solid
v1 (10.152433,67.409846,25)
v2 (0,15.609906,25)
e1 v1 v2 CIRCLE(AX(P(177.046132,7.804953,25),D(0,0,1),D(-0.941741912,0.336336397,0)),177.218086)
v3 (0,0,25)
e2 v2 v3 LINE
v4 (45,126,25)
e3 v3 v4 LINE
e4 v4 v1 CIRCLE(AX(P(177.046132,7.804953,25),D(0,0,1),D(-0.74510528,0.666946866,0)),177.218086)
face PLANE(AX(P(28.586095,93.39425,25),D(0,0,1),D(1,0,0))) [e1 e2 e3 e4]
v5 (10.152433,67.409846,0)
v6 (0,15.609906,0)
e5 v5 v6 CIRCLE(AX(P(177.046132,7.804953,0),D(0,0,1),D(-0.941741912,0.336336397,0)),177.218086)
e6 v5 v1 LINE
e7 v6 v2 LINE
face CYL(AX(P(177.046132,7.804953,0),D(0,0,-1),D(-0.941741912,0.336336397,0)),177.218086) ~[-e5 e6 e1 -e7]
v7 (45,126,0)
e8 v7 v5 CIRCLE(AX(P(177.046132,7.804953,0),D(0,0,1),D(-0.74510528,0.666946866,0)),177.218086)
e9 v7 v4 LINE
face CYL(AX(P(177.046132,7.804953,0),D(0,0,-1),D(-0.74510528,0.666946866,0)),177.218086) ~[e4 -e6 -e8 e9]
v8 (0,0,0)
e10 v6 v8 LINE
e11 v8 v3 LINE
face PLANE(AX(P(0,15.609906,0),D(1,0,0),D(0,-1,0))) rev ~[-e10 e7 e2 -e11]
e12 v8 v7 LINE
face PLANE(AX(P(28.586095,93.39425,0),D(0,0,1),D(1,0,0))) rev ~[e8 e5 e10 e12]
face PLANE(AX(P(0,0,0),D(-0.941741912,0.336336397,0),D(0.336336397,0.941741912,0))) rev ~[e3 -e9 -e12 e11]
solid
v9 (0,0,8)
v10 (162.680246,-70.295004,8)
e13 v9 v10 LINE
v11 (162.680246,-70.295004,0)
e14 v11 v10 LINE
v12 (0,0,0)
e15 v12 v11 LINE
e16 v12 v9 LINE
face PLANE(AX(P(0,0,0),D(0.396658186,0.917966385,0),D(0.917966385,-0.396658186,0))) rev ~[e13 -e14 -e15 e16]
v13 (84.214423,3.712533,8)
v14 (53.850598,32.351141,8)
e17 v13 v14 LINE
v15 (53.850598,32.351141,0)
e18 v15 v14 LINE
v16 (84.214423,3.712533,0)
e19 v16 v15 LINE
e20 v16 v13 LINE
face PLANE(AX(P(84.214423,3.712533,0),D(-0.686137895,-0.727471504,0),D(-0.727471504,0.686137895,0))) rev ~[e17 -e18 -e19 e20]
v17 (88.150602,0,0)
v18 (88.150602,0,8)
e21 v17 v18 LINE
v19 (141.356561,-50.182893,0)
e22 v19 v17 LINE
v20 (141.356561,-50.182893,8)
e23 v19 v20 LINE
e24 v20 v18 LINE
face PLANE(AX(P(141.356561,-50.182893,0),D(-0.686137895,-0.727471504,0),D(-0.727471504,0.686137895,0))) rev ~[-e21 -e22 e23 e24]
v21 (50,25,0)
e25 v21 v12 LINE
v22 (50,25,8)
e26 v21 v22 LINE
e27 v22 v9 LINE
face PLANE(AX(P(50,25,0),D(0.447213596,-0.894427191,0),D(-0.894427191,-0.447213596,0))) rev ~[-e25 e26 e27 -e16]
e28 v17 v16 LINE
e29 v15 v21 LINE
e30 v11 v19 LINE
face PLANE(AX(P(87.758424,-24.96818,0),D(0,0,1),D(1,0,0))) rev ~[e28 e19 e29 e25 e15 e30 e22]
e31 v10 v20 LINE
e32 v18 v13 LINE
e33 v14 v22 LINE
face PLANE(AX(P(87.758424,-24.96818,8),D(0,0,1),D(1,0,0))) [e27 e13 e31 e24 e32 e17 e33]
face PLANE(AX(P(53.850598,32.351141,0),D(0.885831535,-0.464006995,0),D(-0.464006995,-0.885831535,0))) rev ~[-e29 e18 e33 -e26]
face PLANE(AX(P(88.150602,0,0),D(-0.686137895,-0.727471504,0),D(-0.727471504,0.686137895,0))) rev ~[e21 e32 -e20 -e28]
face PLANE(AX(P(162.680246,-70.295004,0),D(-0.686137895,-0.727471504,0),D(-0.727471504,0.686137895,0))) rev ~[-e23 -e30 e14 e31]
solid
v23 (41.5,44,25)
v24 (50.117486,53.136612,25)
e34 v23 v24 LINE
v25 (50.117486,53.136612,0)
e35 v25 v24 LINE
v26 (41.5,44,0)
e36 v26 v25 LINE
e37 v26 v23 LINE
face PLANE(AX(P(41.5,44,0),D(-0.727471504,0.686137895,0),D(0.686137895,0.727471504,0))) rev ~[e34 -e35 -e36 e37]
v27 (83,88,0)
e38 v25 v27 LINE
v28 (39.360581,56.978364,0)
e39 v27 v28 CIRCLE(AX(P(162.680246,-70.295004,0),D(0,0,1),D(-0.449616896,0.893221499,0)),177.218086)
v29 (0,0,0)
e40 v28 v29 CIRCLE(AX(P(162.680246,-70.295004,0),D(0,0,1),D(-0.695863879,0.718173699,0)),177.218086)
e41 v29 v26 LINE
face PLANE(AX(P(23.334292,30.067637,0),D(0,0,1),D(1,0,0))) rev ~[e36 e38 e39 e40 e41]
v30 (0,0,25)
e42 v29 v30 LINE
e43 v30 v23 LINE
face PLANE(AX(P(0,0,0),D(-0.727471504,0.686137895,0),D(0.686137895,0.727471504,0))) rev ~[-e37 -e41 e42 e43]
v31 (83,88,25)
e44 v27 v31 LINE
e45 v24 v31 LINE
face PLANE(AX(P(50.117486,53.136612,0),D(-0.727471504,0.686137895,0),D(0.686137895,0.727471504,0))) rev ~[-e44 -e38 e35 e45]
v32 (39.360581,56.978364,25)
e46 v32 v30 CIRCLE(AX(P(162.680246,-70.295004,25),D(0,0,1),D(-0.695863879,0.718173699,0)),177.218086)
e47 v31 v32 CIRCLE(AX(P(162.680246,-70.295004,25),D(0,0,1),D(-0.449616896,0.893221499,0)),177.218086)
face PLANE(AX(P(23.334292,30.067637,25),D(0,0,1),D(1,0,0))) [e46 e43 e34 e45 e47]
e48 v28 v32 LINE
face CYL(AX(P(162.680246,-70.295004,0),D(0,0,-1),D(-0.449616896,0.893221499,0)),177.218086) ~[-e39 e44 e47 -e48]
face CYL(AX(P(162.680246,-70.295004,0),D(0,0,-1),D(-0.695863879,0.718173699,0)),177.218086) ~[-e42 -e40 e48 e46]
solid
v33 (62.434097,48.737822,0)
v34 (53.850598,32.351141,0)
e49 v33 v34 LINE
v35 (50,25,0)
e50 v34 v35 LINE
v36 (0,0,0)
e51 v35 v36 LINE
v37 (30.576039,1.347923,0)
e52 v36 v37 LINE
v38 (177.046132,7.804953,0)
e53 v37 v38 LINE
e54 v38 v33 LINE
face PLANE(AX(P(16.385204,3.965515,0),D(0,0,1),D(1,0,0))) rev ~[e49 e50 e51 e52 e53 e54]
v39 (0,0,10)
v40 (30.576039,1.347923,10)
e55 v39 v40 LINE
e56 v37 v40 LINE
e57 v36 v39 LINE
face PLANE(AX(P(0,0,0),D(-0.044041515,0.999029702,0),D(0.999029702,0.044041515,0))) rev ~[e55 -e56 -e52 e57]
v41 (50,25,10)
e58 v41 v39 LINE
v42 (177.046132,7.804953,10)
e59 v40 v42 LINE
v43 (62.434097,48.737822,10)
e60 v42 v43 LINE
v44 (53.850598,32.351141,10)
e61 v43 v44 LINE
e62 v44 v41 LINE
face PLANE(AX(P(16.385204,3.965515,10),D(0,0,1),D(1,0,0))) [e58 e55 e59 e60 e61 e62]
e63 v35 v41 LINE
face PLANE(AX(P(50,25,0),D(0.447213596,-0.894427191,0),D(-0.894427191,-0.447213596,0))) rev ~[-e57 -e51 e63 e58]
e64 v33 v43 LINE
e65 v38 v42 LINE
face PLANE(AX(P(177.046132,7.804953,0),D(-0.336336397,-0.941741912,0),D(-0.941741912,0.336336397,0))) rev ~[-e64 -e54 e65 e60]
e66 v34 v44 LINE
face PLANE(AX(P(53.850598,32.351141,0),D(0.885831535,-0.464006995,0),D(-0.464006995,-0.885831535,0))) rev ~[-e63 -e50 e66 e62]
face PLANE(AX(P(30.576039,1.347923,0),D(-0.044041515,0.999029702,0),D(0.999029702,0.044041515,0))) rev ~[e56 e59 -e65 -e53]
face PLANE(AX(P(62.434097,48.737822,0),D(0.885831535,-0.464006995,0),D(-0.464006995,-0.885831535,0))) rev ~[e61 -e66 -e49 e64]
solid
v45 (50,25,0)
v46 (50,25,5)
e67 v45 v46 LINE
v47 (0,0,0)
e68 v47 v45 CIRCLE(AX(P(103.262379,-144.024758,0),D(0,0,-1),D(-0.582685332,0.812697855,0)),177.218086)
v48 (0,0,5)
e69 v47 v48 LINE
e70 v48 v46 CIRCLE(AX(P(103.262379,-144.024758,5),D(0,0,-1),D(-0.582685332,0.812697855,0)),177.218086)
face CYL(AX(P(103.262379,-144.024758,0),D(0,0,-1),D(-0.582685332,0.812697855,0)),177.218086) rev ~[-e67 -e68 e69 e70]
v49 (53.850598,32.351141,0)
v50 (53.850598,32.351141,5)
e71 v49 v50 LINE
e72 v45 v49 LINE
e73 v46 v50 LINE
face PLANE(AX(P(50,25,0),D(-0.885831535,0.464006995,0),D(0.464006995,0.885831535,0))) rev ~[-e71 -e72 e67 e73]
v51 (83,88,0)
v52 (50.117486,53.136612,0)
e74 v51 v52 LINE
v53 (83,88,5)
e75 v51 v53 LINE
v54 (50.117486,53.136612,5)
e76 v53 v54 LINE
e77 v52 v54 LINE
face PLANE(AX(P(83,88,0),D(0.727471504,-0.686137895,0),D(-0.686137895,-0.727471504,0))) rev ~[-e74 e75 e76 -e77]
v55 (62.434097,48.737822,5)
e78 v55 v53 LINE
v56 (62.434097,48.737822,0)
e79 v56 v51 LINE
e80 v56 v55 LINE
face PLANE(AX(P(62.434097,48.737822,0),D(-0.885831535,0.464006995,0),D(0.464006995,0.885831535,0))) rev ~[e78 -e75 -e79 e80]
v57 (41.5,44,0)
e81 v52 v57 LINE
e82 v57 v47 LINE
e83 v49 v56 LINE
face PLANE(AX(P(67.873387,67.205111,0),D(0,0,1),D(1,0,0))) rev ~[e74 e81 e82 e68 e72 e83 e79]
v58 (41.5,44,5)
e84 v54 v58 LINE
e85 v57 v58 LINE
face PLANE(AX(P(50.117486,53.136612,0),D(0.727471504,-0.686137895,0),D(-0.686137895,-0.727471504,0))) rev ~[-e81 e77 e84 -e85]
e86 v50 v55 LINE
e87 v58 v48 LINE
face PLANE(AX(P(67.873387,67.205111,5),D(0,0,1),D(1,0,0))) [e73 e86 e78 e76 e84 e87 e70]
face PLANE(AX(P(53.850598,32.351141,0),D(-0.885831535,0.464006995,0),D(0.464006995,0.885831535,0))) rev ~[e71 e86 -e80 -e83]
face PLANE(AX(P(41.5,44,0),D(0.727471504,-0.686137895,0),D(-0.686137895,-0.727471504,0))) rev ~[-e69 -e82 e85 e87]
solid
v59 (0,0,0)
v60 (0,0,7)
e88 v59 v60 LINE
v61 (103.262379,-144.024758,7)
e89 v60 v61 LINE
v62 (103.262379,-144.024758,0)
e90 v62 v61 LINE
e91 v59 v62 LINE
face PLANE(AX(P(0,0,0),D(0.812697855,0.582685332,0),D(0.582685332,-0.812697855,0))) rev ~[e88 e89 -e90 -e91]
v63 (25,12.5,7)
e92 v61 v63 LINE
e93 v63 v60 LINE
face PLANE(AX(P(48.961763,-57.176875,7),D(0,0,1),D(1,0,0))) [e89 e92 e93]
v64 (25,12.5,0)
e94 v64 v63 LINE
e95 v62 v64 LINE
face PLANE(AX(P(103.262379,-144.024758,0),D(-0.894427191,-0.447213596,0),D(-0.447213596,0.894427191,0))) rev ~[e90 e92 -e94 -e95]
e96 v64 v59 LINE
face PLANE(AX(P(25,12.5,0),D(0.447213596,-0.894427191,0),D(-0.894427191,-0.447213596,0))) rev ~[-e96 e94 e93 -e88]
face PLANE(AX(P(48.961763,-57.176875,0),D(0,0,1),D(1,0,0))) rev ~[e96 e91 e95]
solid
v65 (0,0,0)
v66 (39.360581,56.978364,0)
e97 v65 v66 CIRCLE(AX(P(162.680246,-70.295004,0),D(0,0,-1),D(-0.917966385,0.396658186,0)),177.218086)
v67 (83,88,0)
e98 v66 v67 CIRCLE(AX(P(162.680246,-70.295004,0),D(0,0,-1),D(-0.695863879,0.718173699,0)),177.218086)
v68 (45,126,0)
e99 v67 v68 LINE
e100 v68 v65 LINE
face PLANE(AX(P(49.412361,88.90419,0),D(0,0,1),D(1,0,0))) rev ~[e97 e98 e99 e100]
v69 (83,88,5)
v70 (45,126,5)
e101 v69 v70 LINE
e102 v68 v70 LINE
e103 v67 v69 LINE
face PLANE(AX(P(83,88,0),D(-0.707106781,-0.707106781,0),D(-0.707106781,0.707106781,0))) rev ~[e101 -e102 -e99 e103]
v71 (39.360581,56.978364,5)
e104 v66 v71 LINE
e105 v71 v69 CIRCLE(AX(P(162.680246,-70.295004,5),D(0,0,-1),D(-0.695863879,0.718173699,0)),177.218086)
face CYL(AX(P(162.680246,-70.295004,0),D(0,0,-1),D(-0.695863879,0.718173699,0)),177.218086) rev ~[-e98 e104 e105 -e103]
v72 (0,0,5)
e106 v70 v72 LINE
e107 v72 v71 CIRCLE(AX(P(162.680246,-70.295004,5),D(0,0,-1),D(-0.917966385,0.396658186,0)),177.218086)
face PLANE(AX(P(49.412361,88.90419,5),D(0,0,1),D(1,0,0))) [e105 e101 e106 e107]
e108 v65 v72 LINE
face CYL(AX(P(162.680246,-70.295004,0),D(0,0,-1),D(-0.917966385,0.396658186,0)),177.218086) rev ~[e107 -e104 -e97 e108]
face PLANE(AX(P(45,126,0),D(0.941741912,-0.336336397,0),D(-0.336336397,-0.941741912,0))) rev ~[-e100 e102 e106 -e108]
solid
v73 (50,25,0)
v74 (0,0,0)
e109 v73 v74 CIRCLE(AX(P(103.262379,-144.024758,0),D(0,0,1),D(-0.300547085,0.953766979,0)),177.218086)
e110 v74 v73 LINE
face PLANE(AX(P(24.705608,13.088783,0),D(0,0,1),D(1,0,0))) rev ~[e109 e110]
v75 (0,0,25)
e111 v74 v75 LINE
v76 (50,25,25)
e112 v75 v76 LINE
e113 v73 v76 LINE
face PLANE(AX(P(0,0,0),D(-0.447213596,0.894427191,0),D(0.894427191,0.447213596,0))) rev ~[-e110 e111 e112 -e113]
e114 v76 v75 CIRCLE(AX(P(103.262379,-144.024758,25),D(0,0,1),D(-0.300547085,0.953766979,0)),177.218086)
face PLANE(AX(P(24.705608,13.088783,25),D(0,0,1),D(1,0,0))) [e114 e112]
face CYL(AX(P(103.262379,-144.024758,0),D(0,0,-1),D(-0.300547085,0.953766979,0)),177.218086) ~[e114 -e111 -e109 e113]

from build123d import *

# Parameters (mm, degrees)
F1_DEPTH = 25
F2_DEPTH = 5
F3_DEPTH = 5
F4_DEPTH = 7
F5_DEPTH = 8
F6_DEPTH = 10


with BuildPart() as f1:
    # F0 (on Top) → F1 (new body)
    with BuildSketch(Plane.XY):
        with BuildLine():
            Line((10.152432519, 67.4098455289), (22.5, 63))
            Line((22.5, 63), (45, 126))
            ThreePointArc((45, 126), (24.7324515111, 98.3963039336), (10.152432519, 67.4098455289))
        make_face()
        with BuildLine():
            Line((0, 15.609906012), (0, 0))
            Line((0, 0), (22.5, 63))
            Line((22.5, 63), (10.152432519, 67.4098455289))
            ThreePointArc((10.152432519, 67.4098455289), (3.1367867799, 41.8899906336), (0, 15.609906012))
        make_face()
    extrude(amount=F1_DEPTH)


with BuildPart() as f1b:
    # F0 (on Top) → F1, piece 2 (new body)
    with BuildSketch(Plane.XY):
        with BuildLine():
            ThreePointArc((39.3605810321, 56.9783639171), (16.8700242777, 30.4305102872), (0, 0))
            Line((0, 0), (41.5, 44))
            Line((41.5, 44), (50.1174863388, 53.1366120219))
            Line((50.1174863388, 53.1366120219), (39.3605810321, 56.9783639171))
        make_face()
        with BuildLine():
            Line((50.1174863388, 53.1366120219), (83, 88))
            ThreePointArc((83, 88), (60.0019793598, 74.1467610135), (39.3605810321, 56.9783639171))
            Line((39.3605810321, 56.9783639171), (50.1174863388, 53.1366120219))
        make_face()
    extrude(amount=F1_DEPTH)


with BuildPart() as f1c:
    # F0 (on Top) → F1, piece 3 (new body)
    with BuildSketch(Plane.XY):
        with BuildLine():
            ThreePointArc((50, 25), (24.0080417918, 14.4839164165), (0, 0))
            Line((0, 0), (25, 12.5))
            Line((25, 12.5), (50, 25))
        make_face()
    extrude(amount=F1_DEPTH)


with BuildPart() as f2:
    # F0 (on Top) → F2 (new body)
    with BuildSketch(Plane.XY):
        with BuildLine():
            ThreePointArc((39.3605810321, 56.9783639171), (60.0019793598, 74.1467610135), (83, 88))
            Line((83, 88), (45, 126))
            Line((45, 126), (22.5, 63))
            Line((22.5, 63), (39.3605810321, 56.9783639171))
        make_face()
        with BuildLine():
            Line((22.5, 63), (0, 0))
            ThreePointArc((0, 0), (16.8700242777, 30.4305102872), (39.3605810321, 56.9783639171))
            Line((39.3605810321, 56.9783639171), (22.5, 63))
        make_face()
    extrude(amount=F2_DEPTH)


with BuildPart() as f3:
    # F0 (on Top) → F3 (new body)
    with BuildSketch(Plane.XY):
        Polygon((50.1174863388, 53.1366120219), (62.4340974212, 48.7378223496), (83, 88), align=None)
        Polygon((53.8505976096, 32.351140891), (62.4340974212, 48.7378223496), (50.1174863388, 53.1366120219), (41.5, 44), align=None)
        with BuildLine():
            Line((50, 25), (53.8505976096, 32.351140891))
            Line((53.8505976096, 32.351140891), (41.5, 44))
            Line((41.5, 44), (0, 0))
            ThreePointArc((0, 0), (24.0080417918, 14.4839164165), (50, 25))
        make_face()
    extrude(amount=F3_DEPTH)


with BuildPart() as f4:
    # F0 (on Top) → F4 (new body)
    with BuildSketch(Plane.XY):
        with BuildLine():
            ThreePointArc((87.4027997528, -121.9046783162), (89.1643733235, -120.6221975004), (90.9071316323, -119.3142632646))
            Line((90.9071316323, -119.3142632646), (39.8623721256, -17.2247442512))
            Line((39.8623721256, -17.2247442512), (0, 0))
            Line((0, 0), (87.4027997528, -121.9046783162))
        make_face()
        Polygon((39.8623721256, -17.2247442512), (31.25, 0), (0, 0), align=None)
        Polygon((0, 0), (31.25, 0), (30.5760385255, 1.347922949), align=None)
        Polygon((0, 0), (30.5760385255, 1.347922949), (25, 12.5), align=None)
        with BuildLine():
            Line((103.2623792125, -144.024758425), (90.9071316323, -119.3142632646))
            ThreePointArc((90.9071316323, -119.3142632646), (89.1643733235, -120.6221975004), (87.4027997528, -121.9046783162))
            Line((87.4027997528, -121.9046783162), (103.2623792125, -144.024758425))
        make_face()
    extrude(amount=F4_DEPTH)


with BuildPart() as f5:
    # F0 (on Top) → F5 (new body)
    with BuildSketch(Plane.XY):
        with BuildLine():
            ThreePointArc((137.6949577206, -59.4987278715), (139.6034874143, -54.871361399), (141.3565608313, -50.1828926023))
            Line((141.3565608314, -50.1828926023), (88.1506024096, 0))
            Line((88.1506024096, 0), (31.25, 0))
            Line((31.25, 0), (39.8623721256, -17.2247442512))
            Line((39.8623721256, -17.2247442512), (137.6949577206, -59.4987278715))
        make_face()
        with BuildLine():
            Line((162.680245713, -70.2950044793), (141.3565608314, -50.1828926023))
            ThreePointArc((141.3565608313, -50.1828926023), (139.6034874143, -54.871361399), (137.6949577206, -59.4987278715))
            Line((137.6949577206, -59.4987278715), (162.680245713, -70.2950044793))
        make_face()
        Polygon((39.8623721256, -17.2247442512), (31.25, 0), (0, 0), align=None)
        Polygon((0, 0), (30.5760385255, 1.347922949), (25, 12.5), align=None)
        Polygon((30.5760385255, 1.347922949), (84.2144228051, 3.7125330361), (53.8505976096, 32.351140891), (50, 25), (25, 12.5), align=None)
        Polygon((31.25, 0), (88.1506024096, 0), (84.2144228051, 3.7125330361), (30.5760385255, 1.347922949), align=None)
        Polygon((0, 0), (31.25, 0), (30.5760385255, 1.347922949), align=None)
    extrude(amount=F5_DEPTH)


with BuildPart() as f6:
    # F0 (on Top) → F6 (new body)
    with BuildSketch(Plane.XY):
        Polygon((0, 0), (30.5760385255, 1.347922949), (25, 12.5), align=None)
        Polygon((30.5760385255, 1.347922949), (84.2144228051, 3.7125330361), (53.8505976096, 32.351140891), (50, 25), (25, 12.5), align=None)
        with BuildLine():
            Line((84.2144228051, 3.7125330361), (149.8544552603, 6.6062272617))
            ThreePointArc((149.8544552603, 6.6062272617), (149.5002551148, 12.234121162), (148.9347702621, 17.8447249064))
            Line((148.9347702621, 17.8447249064), (62.4340974212, 48.7378223496))
            Line((62.4340974212, 48.7378223496), (53.8505976096, 32.351140891))
            Line((53.8505976096, 32.351140891), (84.2144228051, 3.7125330361))
        make_face()
        with BuildLine():
            ThreePointArc((148.9347702621, 17.8447249064), (149.5002551148, 12.234121162), (149.8544552603, 6.6062272617))
            Line((149.8544552603, 6.6062272617), (177.0461315832, 7.804953006))
            Line((177.0461315832, 7.804953006), (148.9347702621, 17.8447249064))
        make_face()
    extrude(amount=F6_DEPTH)


solid = Compound([f1.part, f1b.part, f1c.part, f2.part, f3.part, f4.part, f5.part, f6.part])
